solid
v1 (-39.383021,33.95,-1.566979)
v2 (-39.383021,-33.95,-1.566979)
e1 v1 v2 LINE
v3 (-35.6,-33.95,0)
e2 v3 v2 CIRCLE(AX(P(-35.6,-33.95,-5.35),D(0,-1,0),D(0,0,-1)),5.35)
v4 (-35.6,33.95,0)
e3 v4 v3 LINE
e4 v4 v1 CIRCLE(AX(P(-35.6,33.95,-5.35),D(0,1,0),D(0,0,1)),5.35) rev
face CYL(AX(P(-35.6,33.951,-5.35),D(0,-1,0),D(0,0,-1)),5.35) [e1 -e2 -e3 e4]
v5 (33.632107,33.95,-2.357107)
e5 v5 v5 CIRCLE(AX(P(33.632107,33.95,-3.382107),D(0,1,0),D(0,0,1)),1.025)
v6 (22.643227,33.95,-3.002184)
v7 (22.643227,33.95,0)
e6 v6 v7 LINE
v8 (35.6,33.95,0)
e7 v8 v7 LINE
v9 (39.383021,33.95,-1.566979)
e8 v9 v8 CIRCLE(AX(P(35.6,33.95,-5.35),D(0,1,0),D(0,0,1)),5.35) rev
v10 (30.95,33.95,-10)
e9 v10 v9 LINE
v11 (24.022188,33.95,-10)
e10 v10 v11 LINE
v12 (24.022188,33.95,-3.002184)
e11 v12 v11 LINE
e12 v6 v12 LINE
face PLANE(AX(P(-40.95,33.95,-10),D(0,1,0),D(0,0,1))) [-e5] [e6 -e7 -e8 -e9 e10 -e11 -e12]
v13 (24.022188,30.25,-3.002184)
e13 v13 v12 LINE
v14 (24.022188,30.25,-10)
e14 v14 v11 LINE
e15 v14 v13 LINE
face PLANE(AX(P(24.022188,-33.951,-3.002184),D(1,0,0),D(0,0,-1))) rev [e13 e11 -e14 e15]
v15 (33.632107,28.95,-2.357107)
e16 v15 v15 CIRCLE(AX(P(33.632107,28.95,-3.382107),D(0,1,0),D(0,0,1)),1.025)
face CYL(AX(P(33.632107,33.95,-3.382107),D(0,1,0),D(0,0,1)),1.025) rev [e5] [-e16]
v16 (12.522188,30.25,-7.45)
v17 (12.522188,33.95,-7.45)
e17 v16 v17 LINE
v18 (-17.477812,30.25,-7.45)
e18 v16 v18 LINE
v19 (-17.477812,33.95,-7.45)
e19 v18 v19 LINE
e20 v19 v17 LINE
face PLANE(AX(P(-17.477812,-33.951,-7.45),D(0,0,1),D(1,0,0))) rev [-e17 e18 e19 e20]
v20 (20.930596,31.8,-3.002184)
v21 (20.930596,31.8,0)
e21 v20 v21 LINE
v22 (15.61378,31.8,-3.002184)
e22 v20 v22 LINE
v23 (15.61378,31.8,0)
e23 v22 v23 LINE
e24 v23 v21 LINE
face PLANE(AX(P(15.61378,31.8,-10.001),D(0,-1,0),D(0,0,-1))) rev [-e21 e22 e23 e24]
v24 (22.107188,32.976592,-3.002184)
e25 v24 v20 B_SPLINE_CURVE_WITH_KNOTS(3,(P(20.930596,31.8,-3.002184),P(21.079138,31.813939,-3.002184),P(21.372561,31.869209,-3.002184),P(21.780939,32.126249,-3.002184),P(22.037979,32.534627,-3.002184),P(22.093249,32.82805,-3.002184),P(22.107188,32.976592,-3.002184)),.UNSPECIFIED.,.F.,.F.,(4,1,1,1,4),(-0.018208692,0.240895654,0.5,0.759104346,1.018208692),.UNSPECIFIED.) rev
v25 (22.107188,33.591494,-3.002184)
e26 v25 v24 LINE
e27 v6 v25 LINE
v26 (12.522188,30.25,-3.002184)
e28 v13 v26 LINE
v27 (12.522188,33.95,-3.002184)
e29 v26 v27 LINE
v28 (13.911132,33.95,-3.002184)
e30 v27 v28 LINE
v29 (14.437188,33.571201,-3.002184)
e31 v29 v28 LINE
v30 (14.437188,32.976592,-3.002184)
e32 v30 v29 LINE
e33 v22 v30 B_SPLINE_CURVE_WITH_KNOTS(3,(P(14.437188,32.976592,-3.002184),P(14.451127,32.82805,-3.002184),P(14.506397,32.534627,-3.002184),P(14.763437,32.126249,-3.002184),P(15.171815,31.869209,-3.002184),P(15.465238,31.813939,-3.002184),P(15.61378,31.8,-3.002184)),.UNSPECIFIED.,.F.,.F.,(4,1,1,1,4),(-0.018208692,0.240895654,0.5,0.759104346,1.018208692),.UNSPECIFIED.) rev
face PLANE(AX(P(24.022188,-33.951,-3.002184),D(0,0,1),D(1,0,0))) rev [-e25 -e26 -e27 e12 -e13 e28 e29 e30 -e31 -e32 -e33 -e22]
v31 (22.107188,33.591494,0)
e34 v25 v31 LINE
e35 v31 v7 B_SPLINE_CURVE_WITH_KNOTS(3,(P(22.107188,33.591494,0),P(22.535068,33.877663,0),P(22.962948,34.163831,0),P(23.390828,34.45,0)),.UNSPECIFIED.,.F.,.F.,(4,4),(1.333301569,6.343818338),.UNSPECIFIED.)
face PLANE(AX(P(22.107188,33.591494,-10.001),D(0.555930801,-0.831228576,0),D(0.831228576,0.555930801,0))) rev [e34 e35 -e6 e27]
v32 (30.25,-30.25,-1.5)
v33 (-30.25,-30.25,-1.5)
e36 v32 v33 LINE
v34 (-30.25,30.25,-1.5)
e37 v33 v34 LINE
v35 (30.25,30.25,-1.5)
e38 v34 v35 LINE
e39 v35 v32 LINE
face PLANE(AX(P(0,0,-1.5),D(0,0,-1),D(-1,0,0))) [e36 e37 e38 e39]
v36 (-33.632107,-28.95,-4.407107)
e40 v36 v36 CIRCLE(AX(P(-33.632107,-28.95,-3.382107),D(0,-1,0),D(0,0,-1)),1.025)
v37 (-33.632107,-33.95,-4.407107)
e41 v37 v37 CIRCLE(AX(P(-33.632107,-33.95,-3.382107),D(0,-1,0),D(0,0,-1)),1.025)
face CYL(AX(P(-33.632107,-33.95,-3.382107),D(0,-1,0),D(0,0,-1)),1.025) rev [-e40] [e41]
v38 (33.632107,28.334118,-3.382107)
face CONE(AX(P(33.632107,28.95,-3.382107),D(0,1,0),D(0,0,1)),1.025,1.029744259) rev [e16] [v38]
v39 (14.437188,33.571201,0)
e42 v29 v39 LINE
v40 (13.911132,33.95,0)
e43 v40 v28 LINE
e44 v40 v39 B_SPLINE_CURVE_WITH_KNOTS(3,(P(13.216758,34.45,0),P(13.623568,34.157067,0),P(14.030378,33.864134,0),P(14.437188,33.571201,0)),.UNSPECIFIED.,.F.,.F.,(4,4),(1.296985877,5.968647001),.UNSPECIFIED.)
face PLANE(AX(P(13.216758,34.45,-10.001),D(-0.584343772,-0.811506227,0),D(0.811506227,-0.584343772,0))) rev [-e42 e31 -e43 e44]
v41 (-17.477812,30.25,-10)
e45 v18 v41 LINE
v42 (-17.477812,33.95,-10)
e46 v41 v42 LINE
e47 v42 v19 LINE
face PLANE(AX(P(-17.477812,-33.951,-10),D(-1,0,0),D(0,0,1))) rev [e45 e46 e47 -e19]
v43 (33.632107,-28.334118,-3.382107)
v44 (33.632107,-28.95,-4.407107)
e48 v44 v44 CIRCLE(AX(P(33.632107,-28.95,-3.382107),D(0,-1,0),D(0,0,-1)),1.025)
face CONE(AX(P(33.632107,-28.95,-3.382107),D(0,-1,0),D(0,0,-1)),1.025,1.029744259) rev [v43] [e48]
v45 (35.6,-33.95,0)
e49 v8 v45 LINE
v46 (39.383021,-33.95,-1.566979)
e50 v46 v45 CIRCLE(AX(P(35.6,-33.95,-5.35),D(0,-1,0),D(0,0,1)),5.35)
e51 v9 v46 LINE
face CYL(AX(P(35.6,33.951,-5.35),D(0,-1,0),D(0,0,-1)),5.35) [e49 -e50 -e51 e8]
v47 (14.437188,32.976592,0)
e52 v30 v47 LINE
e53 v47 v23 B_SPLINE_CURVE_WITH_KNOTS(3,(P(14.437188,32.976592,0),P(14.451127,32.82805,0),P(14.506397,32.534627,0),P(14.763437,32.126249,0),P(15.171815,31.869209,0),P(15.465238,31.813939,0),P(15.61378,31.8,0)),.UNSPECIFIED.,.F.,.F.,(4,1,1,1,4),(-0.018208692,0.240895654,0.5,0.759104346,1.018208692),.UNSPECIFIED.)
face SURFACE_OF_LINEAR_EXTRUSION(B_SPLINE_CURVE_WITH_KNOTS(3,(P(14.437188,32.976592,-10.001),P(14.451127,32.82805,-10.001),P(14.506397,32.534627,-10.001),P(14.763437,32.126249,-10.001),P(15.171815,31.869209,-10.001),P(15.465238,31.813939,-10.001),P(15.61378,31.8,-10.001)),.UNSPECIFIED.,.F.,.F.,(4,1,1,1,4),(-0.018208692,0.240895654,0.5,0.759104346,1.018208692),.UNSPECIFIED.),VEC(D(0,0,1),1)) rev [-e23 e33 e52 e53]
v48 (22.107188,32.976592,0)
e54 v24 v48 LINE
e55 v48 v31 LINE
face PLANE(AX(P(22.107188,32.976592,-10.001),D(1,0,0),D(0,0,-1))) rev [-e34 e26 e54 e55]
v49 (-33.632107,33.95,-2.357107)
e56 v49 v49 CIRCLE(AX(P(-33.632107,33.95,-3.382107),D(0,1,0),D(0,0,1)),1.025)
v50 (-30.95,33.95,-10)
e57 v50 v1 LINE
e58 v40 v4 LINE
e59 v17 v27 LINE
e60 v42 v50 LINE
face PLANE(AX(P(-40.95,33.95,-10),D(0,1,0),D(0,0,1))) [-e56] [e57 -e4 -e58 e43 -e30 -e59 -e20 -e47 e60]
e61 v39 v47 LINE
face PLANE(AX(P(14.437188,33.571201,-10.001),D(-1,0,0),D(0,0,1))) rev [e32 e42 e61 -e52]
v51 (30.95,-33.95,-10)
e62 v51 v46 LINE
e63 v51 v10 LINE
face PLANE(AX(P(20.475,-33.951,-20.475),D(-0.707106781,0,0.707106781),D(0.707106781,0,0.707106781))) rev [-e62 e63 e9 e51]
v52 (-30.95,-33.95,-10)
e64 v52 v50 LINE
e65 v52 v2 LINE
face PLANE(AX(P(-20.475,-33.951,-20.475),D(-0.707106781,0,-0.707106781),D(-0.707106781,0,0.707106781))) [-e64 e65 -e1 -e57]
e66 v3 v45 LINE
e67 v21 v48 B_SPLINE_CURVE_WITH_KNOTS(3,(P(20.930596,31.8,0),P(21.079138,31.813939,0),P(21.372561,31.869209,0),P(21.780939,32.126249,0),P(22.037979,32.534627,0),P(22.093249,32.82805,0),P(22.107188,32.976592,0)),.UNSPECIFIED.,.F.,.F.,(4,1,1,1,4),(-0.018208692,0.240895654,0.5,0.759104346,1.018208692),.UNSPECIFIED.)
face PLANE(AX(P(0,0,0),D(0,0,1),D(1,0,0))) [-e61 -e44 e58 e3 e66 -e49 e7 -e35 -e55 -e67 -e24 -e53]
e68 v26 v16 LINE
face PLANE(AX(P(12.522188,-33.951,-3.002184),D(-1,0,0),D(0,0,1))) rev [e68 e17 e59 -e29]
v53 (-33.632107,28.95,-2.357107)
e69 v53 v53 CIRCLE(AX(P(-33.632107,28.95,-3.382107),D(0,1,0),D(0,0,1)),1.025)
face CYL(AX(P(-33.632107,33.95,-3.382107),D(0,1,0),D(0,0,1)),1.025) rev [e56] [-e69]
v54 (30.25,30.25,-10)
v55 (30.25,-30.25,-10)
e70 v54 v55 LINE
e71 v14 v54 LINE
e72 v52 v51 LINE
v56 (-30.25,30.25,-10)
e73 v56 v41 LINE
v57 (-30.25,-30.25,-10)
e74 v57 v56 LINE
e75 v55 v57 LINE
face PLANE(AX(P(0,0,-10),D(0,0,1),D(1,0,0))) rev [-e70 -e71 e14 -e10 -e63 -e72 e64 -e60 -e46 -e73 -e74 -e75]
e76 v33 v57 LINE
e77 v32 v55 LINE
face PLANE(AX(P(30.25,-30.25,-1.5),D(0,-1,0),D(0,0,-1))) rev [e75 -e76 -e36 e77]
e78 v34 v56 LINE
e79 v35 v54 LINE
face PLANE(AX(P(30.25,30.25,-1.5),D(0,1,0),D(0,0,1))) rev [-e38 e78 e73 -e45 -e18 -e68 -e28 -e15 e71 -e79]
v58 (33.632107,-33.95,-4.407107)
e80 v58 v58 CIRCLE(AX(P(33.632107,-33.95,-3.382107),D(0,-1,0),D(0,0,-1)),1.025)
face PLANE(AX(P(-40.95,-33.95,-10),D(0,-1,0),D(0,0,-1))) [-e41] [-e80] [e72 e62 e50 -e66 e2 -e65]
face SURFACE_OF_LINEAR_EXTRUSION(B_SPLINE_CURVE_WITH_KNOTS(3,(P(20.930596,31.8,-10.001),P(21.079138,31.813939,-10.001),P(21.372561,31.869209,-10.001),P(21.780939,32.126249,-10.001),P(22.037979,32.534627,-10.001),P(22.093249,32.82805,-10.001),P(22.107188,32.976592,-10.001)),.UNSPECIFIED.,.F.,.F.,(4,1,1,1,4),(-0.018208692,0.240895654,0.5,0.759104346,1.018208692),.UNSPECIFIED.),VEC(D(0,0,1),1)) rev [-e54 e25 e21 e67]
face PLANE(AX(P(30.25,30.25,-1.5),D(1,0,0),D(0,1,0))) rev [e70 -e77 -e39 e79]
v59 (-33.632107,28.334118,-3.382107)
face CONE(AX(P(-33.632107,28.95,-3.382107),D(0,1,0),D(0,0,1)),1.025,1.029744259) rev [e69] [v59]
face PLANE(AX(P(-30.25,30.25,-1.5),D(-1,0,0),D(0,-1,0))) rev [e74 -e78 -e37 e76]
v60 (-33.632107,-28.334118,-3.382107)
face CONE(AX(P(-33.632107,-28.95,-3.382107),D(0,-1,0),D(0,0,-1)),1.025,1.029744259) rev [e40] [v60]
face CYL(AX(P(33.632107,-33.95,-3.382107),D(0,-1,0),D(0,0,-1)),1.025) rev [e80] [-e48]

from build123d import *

# Parameters (mm, degrees)
SKETCH_1_W            = 81.9
SKETCH_1_H            = 67.9
EXTRUDE_1_DEPTH       = 10
SKETCH_2_W            = 60.5
SKETCH_2_H            = 60.5
CUT_EXTRUDE_1_DEPTH   = 8.5
CUT_EXTRUDE_4_REACH   = 91.242
M2_5X0_451_AT_2_COUNT = 2
M2_5X0_451_AT_2_PITCH = 67.264213562
CUT_EXTRUDE_5_REACH   = 81.921
CUT_EXTRUDE_6_REACH   = 81.129
CUT_EXTRUDE_7_REACH   = 54.949


with BuildPart() as part:
    # Эскиз1 → Бобышка-Вытянуть1 (new body)
    with BuildSketch(Plane.XY):
        Rectangle(SKETCH_1_W, SKETCH_1_H)
    extrude(amount=-EXTRUDE_1_DEPTH)

    # Эскиз2 → Вырез-Вытянуть1 (cut)
    with BuildSketch(Plane(origin=(0, 0, -10), x_dir=(-1, 0, 0), z_dir=(0, 0, -1))):
        Rectangle(SKETCH_2_W, SKETCH_2_H)
    extrude(amount=-CUT_EXTRUDE_1_DEPTH, mode=Mode.SUBTRACT)

    # Эскиз4 → Вырез-Вытянуть4 (cut, up to next)
    with BuildSketch(Plane(origin=(0, -33.95, -40.95), x_dir=(1, 0, 0), z_dir=(0, 1, 0)), mode=Mode.PRIVATE) as cut_extrude_4_sk1:
        with BuildLine():
            Line((39.383021279, -39.383021279), (40.95, -40.95))
            Line((40.95, -40.95), (35.6, -40.95))
            ThreePointArc((35.6, -40.95), (37.647356363, -40.542755499), (39.383021279, -39.383021279))
        make_face()
    cut_extrude_4_tool1 = extrude(cut_extrude_4_sk1.sketch, amount=CUT_EXTRUDE_4_REACH, mode=Mode.PRIVATE) & part.part
    # Эскиз4 → Вырез-Вытянуть4 (cut, up to next)
    with BuildSketch(Plane(origin=(0, -33.95, -40.95), x_dir=(1, 0, 0), z_dir=(0, 1, 0)), mode=Mode.PRIVATE) as cut_extrude_4_sk2:
        with BuildLine():
            Line((-40.95, -40.95), (-35.6, -40.95))
            ThreePointArc((-35.6, -40.95), (-37.647356363, -40.542755499), (-39.383021279, -39.383021279))
            Line((-39.383021279, -39.383021279), (-40.95, -40.95))
        make_face()
    cut_extrude_4_tool2 = extrude(cut_extrude_4_sk2.sketch, amount=CUT_EXTRUDE_4_REACH, mode=Mode.PRIVATE) & part.part
    add(cut_extrude_4_tool1.solids().sort_by_distance((39.042099, -33.95, -0.482136))[0], mode=Mode.SUBTRACT)
    add(cut_extrude_4_tool2.solids().sort_by_distance((-39.042099, -33.95, -0.482136))[0], mode=Mode.SUBTRACT)

    # Эскиз8 → Отверстие обработанное метчиком M2.5x0.451 (revolve, cut)
    with BuildSketch(Plane(origin=(33.632106781, 33.95, -3.382106781), x_dir=(0, 0, 1), z_dir=(1, 0, 0))):
        Polygon((0, 0), (0, 5.615882135), (1.025, 5), (1.025, 0), align=None)
    m2_5x0_451 = revolve(axis=Axis((33.632106781, 40.3, -3.382106781), (0, -1, 0)), mode=Mode.SUBTRACT)

    # Отверстие обработанное метчиком M2.5x0.451 at 2: Отверстие обработанное метчиком M2.5x0.451 ×2
    with Locations(*[(-i * M2_5X0_451_AT_2_PITCH, 0, 0) for i in range(1, M2_5X0_451_AT_2_COUNT)]):
        add(m2_5x0_451, mode=Mode.SUBTRACT)

    # Зеркальное отражение1: Отверстие обработанное метчиком M2.5x0.451 across plane
    add(m2_5x0_451.mirror(Plane.ZX), mode=Mode.SUBTRACT)

    # Зеркальное отражение1 copy 1 sketch → Зеркальное отражение1 copy 1 (revolve, cut)
    with BuildSketch(Plane(origin=(-33.632106781, -33.95, -3.382106781), x_dir=(0, 0, 1), z_dir=(1, 0, 0))):
        Polygon((0, 0), (0, -5.615882135), (1.025, -5), (1.025, 0), align=None)
    revolve(axis=Axis((-33.632106781, -40.3, -3.382106781), (0, -1, 0)), mode=Mode.SUBTRACT)

    # Эскиз3 → Вырез-Вытянуть5 (cut, up to next)
    with BuildSketch(Plane(origin=(0, 33.95, 0), x_dir=(1, 0, 0), z_dir=(0, 1, 0)), mode=Mode.PRIVATE) as cut_extrude_5_sk1:
        Polygon((30.95, 10), (40.95, 0), (40.95, 10), align=None)
    cut_extrude_5_tool1 = extrude(cut_extrude_5_sk1.sketch, amount=-CUT_EXTRUDE_5_REACH, mode=Mode.PRIVATE) & part.part
    # Эскиз3 → Вырез-Вытянуть5 (cut, up to next)
    with BuildSketch(Plane(origin=(0, 33.95, 0), x_dir=(1, 0, 0), z_dir=(0, 1, 0)), mode=Mode.PRIVATE) as cut_extrude_5_sk2:
        Polygon((-30.95, 10), (-40.95, 10), (-40.95, 0), align=None)
    cut_extrude_5_tool2 = extrude(cut_extrude_5_sk2.sketch, amount=-CUT_EXTRUDE_5_REACH, mode=Mode.PRIVATE) & part.part
    add(cut_extrude_5_tool1.solids().sort_by_distance((37.616667, 33.95, -6.666667))[0], mode=Mode.SUBTRACT)
    add(cut_extrude_5_tool2.solids().sort_by_distance((-37.616667, 33.95, -6.666667))[0], mode=Mode.SUBTRACT)

    # Эскиз10 → Вырез-Вытянуть6 (cut, up to next)
    with BuildSketch(Plane(origin=(0, 33.95, 0), x_dir=(1, 0, 0), z_dir=(0, 1, 0)), mode=Mode.PRIVATE) as cut_extrude_6_sk1:
        Polygon((24.022188141, 3.002183714), (12.522188141, 3.002183714), (12.522188141, 7.45), (-17.477811859, 7.45), (-17.477811859, 10), (12.522188141, 10), (24.022188141, 10), align=None)
    cut_extrude_6_tool1 = extrude(cut_extrude_6_sk1.sketch, amount=-CUT_EXTRUDE_6_REACH, mode=Mode.PRIVATE) & part.part
    add(cut_extrude_6_tool1.solids().sort_by_distance((8.159902, 33.95, -7.584889))[0], mode=Mode.SUBTRACT)

    # Эскиз11 → Вырез-Вытянуть7 (cut, up to next)
    with BuildSketch(Plane.XY, mode=Mode.PRIVATE) as cut_extrude_7_sk1:
        with BuildLine():
            Line((14.437188141, 33.571201289), (14.437188141, 32.976592334))
            add(Edge.make_bspline(
                [(14.437188141, 32.976592334), (14.451126829, 32.828049776), (14.506397384, 32.534626701), (14.763436949, 32.126248808), (15.171814842, 31.869209242), (15.465237917, 31.813938687), (15.613780476, 31.8)],
                knots=[-0.018208692, -0.018208692, -0.018208692, -0.018208692, 0.240895654, 0.5, 0.759104346, 1.018208692, 1.018208692, 1.018208692, 1.018208692], degree=3))
            Line((15.613780476, 31.8), (20.930595807, 31.8))
            add(Edge.make_bspline(
                [(20.930595807, 31.8), (21.079138366, 31.813938687), (21.37256144, 31.869209242), (21.780939333, 32.126248808), (22.037978899, 32.534626701), (22.093249454, 32.828049776), (22.107188141, 32.976592334)],
                knots=[-0.018208692, -0.018208692, -0.018208692, -0.018208692, 0.240895654, 0.5, 0.759104346, 1.018208692, 1.018208692, 1.018208692, 1.018208692], degree=3))
            Line((22.107188141, 32.976592334), (22.107188141, 33.591493881))
            add(Edge.make_bspline(
                [(22.107188141, 33.591493881), (22.535068025, 33.877662587), (22.962947908, 34.163831294), (23.390827792, 34.45)],
                knots=[1.333301569, 1.333301569, 1.333301569, 1.333301569, 6.343818338, 6.343818338, 6.343818338, 6.343818338], degree=3))
            Line((23.390827792, 34.45), (13.216758216, 34.45))
            add(Edge.make_bspline(
                [(13.216758216, 34.45), (13.623568191, 34.157067096), (14.030378166, 33.864134193), (14.437188141, 33.571201289)],
                knots=[1.296985877, 1.296985877, 1.296985877, 1.296985877, 5.968647001, 5.968647001, 5.968647001, 5.968647001], degree=3))
        make_face()
    cut_extrude_7_tool1 = extrude(cut_extrude_7_sk1.sketch, amount=-CUT_EXTRUDE_7_REACH, mode=Mode.PRIVATE) & part.part
    add(cut_extrude_7_tool1.solids().sort_by_distance((18.275758, 33.211289, 0))[0], mode=Mode.SUBTRACT)


solid = part.part
